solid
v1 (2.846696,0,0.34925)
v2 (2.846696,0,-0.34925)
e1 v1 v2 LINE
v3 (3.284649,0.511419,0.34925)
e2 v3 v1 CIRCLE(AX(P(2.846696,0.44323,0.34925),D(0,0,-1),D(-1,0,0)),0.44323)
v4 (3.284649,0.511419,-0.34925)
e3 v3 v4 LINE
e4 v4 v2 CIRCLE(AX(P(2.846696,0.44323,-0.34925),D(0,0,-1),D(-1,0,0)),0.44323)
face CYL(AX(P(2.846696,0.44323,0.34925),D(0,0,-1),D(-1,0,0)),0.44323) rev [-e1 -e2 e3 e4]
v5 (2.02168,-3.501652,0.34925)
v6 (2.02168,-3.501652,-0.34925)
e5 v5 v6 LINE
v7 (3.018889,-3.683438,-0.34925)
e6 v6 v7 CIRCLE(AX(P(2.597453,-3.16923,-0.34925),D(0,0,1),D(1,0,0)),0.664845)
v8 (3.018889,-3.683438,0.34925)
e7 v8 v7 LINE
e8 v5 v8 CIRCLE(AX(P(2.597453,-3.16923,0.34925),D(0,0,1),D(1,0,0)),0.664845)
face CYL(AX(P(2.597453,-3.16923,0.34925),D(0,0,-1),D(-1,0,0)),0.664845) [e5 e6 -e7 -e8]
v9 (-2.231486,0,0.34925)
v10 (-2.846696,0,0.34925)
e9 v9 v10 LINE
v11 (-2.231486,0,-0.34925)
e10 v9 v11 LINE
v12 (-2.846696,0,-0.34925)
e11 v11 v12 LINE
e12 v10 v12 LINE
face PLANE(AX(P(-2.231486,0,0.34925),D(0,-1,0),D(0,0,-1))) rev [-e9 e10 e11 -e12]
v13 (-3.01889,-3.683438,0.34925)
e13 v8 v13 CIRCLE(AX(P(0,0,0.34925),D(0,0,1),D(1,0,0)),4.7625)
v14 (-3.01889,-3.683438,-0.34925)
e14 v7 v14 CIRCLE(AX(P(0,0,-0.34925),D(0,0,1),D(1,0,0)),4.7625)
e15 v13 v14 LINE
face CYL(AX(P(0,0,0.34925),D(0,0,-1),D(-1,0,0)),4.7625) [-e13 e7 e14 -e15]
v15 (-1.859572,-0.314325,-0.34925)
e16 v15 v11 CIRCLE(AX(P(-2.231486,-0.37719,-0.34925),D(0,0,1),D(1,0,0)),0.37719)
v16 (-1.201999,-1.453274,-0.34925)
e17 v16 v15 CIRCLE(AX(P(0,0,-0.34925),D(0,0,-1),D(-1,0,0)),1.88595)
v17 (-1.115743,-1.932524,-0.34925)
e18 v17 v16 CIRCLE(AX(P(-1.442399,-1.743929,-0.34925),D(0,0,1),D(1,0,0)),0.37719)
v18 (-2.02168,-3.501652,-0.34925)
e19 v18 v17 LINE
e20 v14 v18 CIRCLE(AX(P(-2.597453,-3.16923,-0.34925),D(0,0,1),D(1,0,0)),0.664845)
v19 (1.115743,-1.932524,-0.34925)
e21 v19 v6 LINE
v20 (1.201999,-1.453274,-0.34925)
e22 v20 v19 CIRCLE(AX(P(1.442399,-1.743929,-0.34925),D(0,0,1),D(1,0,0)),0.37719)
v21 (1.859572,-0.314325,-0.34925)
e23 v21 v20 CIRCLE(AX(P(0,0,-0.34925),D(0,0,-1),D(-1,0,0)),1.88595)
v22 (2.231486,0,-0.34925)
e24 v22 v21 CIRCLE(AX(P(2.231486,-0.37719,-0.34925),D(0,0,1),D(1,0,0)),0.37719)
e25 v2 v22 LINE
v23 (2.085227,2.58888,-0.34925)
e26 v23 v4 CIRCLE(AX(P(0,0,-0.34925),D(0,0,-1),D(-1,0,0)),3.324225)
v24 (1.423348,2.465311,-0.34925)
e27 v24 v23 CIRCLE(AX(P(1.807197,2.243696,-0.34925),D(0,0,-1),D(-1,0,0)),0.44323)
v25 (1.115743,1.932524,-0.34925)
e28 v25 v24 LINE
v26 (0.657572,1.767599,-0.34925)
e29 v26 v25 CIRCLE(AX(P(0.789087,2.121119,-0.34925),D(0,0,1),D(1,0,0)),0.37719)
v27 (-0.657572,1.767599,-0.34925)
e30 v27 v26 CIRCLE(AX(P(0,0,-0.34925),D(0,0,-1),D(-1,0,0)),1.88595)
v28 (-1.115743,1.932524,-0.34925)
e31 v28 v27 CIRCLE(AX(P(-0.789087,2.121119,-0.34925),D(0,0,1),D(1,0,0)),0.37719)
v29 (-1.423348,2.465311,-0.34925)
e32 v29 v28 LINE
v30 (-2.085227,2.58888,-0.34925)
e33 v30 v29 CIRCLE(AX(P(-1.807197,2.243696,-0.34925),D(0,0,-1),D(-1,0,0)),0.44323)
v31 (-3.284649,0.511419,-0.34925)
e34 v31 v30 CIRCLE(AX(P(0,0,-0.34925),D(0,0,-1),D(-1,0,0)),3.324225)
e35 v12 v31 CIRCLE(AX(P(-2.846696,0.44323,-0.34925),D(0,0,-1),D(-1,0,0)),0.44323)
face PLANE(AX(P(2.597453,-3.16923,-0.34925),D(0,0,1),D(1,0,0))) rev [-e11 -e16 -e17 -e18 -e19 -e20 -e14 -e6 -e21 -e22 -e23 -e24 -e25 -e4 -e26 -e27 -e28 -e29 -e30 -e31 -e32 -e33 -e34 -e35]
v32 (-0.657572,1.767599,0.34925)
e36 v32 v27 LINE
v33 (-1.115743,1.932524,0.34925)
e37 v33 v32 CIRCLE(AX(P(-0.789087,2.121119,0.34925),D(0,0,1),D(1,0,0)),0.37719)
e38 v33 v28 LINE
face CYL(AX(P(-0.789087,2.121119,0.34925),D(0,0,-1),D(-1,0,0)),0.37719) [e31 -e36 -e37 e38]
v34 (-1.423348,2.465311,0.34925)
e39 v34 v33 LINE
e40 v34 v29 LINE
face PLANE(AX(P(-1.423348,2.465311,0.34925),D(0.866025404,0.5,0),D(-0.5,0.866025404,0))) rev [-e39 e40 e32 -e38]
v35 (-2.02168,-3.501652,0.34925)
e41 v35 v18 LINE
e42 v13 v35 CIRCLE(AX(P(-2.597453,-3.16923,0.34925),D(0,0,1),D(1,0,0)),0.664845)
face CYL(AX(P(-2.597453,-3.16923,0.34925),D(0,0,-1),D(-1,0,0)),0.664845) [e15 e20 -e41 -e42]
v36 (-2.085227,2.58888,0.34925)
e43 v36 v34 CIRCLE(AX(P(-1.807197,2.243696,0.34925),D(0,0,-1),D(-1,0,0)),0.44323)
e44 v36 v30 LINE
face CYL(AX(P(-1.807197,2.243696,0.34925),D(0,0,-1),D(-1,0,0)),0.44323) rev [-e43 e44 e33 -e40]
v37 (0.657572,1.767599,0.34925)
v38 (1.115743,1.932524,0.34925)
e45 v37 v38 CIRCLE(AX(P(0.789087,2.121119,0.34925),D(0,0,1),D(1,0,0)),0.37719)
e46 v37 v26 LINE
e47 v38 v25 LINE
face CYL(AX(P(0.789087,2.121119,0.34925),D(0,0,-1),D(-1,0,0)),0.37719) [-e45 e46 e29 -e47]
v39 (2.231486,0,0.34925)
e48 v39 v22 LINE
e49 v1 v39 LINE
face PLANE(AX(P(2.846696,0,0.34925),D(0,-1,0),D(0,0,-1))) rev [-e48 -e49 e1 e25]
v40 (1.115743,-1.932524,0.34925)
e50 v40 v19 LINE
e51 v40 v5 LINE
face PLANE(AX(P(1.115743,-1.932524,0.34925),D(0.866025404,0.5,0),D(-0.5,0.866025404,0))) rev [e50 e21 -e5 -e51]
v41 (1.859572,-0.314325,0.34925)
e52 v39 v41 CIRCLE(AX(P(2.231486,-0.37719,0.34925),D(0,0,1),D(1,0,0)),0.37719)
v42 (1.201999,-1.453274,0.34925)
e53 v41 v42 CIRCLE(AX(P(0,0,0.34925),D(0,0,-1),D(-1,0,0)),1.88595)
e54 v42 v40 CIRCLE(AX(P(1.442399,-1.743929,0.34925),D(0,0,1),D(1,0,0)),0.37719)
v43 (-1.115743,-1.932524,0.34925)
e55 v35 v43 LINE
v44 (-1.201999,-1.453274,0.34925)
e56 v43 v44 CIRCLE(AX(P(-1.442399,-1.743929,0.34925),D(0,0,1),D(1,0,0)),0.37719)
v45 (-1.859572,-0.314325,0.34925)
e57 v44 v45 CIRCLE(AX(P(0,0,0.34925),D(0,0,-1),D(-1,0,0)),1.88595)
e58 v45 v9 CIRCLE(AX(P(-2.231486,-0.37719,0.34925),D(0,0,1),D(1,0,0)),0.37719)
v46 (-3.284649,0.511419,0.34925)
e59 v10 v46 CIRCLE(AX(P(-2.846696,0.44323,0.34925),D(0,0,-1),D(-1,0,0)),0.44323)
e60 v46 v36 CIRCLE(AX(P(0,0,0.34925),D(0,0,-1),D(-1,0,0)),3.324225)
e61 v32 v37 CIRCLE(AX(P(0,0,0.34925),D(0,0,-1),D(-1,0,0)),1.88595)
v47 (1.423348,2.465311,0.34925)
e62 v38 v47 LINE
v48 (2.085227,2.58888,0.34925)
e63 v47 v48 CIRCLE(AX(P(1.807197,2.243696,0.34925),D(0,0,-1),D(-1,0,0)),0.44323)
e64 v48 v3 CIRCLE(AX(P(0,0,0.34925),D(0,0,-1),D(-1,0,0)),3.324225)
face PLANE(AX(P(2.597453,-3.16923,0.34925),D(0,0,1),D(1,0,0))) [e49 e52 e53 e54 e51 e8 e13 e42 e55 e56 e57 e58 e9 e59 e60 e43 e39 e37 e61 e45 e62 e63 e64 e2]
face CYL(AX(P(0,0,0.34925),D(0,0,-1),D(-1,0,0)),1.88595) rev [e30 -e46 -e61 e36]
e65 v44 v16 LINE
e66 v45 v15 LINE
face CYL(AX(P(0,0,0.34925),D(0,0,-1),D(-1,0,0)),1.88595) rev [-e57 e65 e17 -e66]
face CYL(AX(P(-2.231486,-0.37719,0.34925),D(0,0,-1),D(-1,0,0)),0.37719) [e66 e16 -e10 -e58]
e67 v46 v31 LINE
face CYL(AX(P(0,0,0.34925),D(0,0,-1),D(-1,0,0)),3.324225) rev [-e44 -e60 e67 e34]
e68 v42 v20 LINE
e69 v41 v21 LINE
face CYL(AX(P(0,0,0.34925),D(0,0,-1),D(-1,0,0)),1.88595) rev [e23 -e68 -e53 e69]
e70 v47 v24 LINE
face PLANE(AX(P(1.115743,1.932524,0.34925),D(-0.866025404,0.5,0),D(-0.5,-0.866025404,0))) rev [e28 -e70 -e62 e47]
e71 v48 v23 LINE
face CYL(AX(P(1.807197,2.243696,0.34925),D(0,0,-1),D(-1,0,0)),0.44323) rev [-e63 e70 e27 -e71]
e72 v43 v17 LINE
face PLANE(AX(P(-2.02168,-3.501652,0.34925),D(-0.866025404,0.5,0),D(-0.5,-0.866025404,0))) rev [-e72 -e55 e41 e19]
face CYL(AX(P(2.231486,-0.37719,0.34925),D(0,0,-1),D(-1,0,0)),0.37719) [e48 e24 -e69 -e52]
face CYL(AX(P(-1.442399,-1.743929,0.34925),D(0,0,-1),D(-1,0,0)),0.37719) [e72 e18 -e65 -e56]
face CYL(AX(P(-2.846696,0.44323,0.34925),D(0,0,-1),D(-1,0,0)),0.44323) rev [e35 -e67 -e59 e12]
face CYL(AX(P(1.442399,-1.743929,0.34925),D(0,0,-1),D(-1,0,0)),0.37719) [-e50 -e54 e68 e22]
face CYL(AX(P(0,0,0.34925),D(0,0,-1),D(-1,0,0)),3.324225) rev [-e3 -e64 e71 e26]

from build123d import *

# Parameters (mm, degrees)
BOSS_EXTRUDE1_DEPTH      = 0.34925
BOSS_EXTRUDE1_DEPTH_BACK = 0.34925


with BuildPart() as part:
    # Sketch1 → Boss-Extrude1 (new, two sides: drawn at the far end of the back side and taken through both)
    with BuildSketch(Plane.XY.offset(-BOSS_EXTRUDE1_DEPTH_BACK)):
        with BuildLine():
            Line((-2.021679848, -3.501652213), (-1.115743067, -1.93252368))
            ThreePointArc((-1.115743067, -1.93252368), (-1.071173907, -1.67711486), (-1.20199934, -1.453273886))
            ThreePointArc((-1.20199934, -1.453273886), (-1.633280615, -0.942974991), (-1.859571778, -0.314325))
            ThreePointArc((-1.859571778, -0.314325), (-1.988011035, -0.089106379), (-2.231486133, 0))
            Line((-2.231486133, 0), (-2.846696218, 0))
            ThreePointArc((-2.846696218, 0), (-3.183353585, 0.154933885), (-3.284649475, 0.511419276))
            ThreePointArc((-3.284649475, 0.511419276), (-2.878863303, 1.662112491), (-2.085226839, 2.588880237))
            ThreePointArc((-2.085226839, 2.588880237), (-1.725853483, 2.679398133), (-1.423348109, 2.465311242))
            Line((-1.423348109, 2.465311242), (-1.115743067, 1.93252368))
            ThreePointArc((-1.115743067, 1.93252368), (-0.916837125, 1.766221247), (-0.657572444, 1.767598903))
            ThreePointArc((-0.657572444, 1.767598903), (5e-09, 1.88595), (0.657572454, 1.7675989))
            ThreePointArc((0.657572454, 1.7675989), (0.91683713, 1.766221249), (1.115743067, 1.93252368))
            Line((1.115743067, 1.93252368), (1.423348109, 2.465311242))
            ThreePointArc((1.423348109, 2.465311242), (1.725853437, 2.679398125), (2.085226766, 2.588880295))
            ThreePointArc((2.085226766, 2.588880295), (2.878863291, 1.662112511), (3.284649482, 0.511419231))
            ThreePointArc((3.284649482, 0.511419231), (3.18335357, 0.154933867), (2.846696218, 0))
            Line((2.846696218, 0), (2.231486133, 0))
            ThreePointArc((2.231486133, 0), (1.988011035, -0.089106379), (1.859571778, -0.314325))
            ThreePointArc((1.859571778, -0.314325), (1.63328061, -0.942975), (1.201999324, -1.4532739))
            ThreePointArc((1.201999324, -1.4532739), (1.071173905, -1.67711487), (1.115743067, -1.93252368))
            Line((1.115743067, -1.93252368), (2.021679848, -3.501652213))
            ThreePointArc((2.021679848, -3.501652213), (2.478220137, -3.823295853), (3.018889478, -3.683437602))
            ThreePointArc((3.018889478, -3.683437602), (3.3e-08, 4.7625), (-3.01888953, -3.68343756))
            ThreePointArc((-3.01888953, -3.68343756), (-2.47822017, -3.823295859), (-2.021679848, -3.501652213))
        make_face()
    extrude(amount=BOSS_EXTRUDE1_DEPTH + BOSS_EXTRUDE1_DEPTH_BACK)


solid = part.part
